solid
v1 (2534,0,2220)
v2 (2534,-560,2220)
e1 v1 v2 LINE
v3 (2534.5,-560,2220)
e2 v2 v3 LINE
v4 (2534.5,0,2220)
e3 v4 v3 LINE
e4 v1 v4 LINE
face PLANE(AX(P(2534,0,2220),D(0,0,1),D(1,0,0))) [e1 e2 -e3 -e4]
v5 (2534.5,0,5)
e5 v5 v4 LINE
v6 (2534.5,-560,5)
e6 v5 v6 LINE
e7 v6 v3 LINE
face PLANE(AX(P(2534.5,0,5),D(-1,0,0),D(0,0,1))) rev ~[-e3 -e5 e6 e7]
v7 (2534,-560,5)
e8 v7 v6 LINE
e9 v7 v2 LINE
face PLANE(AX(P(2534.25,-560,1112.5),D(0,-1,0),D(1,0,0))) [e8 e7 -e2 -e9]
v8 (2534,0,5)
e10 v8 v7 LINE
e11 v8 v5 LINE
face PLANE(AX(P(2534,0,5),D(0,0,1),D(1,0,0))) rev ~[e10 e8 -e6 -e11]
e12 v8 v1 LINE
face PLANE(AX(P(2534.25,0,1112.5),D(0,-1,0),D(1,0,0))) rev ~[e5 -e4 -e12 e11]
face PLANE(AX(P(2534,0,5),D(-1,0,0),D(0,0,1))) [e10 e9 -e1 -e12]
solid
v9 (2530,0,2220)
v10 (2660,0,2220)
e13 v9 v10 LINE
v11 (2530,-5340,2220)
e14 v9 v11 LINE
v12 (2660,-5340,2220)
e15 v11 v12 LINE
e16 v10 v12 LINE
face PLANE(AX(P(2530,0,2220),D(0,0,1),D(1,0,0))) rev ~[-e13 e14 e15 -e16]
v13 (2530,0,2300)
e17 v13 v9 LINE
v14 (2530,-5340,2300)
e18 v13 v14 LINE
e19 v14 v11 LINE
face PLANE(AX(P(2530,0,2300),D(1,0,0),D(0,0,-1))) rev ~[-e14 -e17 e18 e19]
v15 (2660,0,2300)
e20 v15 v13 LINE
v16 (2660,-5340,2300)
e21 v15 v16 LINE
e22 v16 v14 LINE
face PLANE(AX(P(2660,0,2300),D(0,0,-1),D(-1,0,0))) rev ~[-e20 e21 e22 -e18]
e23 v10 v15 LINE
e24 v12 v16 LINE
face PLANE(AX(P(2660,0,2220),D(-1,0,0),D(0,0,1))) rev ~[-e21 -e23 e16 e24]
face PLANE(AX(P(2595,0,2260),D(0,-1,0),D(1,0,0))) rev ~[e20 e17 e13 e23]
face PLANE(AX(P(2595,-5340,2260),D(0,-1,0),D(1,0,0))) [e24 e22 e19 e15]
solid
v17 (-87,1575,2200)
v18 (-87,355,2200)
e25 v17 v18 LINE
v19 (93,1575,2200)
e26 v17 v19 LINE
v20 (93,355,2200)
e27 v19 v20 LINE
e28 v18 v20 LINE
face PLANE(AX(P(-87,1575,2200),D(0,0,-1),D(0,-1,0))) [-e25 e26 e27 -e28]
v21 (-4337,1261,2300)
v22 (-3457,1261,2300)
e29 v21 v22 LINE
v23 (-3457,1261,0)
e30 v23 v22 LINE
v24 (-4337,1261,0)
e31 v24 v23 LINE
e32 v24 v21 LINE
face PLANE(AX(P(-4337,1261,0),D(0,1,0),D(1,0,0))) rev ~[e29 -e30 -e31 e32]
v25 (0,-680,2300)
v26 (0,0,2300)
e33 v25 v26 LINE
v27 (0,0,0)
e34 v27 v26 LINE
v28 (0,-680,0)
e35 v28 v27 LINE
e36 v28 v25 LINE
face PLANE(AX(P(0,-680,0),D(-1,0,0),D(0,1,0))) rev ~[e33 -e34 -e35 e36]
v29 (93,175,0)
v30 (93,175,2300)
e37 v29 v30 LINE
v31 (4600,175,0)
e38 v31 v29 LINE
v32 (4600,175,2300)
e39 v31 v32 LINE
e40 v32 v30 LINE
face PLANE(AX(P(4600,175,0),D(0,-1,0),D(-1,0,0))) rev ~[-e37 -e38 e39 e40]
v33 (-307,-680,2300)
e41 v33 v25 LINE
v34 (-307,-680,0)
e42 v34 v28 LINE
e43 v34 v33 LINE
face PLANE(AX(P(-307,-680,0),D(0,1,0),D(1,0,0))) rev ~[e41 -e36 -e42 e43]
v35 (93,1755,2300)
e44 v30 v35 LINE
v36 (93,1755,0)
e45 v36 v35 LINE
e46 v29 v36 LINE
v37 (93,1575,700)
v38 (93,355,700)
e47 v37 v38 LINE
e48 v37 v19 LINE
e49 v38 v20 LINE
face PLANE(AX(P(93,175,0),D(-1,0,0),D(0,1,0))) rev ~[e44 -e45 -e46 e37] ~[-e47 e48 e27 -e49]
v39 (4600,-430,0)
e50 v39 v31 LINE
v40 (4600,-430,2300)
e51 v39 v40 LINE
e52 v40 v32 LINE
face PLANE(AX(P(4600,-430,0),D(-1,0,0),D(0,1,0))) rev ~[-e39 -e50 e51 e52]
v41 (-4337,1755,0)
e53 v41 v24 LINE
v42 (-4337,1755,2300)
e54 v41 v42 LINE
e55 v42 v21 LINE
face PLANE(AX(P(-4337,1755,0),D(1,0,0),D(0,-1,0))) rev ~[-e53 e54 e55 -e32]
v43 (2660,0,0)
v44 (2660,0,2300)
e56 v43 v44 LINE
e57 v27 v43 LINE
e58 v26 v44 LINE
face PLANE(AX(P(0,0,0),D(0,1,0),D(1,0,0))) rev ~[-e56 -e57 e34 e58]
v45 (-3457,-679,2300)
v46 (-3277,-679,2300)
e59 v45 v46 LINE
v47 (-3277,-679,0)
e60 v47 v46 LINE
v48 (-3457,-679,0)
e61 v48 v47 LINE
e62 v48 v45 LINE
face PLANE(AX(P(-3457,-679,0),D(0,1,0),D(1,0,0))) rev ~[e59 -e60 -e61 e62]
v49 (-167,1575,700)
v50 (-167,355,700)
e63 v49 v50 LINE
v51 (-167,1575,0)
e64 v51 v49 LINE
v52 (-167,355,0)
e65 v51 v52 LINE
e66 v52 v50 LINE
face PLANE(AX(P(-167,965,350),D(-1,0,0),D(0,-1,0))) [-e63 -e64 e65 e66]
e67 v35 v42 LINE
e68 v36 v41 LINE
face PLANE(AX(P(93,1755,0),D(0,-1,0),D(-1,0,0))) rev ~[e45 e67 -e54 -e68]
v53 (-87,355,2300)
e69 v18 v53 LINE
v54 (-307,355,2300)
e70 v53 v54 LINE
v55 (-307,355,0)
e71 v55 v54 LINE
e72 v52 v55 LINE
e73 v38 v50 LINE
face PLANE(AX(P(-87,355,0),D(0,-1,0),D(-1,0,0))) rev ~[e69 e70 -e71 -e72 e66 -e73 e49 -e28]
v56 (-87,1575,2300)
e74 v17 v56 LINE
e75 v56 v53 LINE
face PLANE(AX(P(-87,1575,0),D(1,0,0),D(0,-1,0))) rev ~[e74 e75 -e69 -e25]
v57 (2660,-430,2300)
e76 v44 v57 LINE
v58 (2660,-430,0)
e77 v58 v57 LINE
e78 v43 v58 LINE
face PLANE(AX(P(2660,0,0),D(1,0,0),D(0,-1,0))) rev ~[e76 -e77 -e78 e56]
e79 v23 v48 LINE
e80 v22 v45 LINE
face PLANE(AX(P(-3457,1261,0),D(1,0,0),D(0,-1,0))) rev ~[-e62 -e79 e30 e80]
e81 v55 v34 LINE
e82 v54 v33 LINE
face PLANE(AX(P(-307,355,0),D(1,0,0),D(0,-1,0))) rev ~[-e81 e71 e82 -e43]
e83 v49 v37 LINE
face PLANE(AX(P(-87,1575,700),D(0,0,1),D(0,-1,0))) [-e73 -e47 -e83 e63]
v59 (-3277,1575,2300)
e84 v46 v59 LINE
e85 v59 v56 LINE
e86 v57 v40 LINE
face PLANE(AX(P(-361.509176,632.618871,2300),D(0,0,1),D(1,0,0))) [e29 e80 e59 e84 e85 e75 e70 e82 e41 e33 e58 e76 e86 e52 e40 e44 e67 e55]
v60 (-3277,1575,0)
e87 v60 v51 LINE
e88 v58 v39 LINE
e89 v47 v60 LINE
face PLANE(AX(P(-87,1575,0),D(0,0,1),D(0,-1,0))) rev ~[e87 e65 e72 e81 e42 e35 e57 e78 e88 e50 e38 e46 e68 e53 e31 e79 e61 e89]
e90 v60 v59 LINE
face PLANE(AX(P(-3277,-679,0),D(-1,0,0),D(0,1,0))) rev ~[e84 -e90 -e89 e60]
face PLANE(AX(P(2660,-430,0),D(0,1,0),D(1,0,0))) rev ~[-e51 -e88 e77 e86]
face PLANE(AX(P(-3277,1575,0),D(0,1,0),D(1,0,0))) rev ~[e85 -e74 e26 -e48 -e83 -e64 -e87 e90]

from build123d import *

# Parameters (mm, degrees)
F1_DEPTH = 2300
F2_W     = 1220
F2_H     = 700
F3_DEPTH = 80
F2_H_2   = 1500
F4_DEPTH = 4687.001
F6_DEPTH = 5340
F5_W     = 0.5
F5_H     = 2215
F7_DEPTH = 560


with BuildPart() as f1:
    # F0 (on Top) → F1 (new body)
    with BuildSketch(Plane.XY):
        Polygon((-87, 355), (-307, 355), (-307, -680), (0, -680), (0, 0), (2660, 0), (2660, -430), (4600, -430), (4600, 175), (93, 175), (93, 1755), (-4337, 1755), (-4337, 1261), (-3457, 1261), (-3457, -679), (-3277, -679), (-3277, 1575), (-87, 1575), align=None)
    extrude(amount=F1_DEPTH)

    # F2 (on face) → F3 (join)
    with BuildSketch(Plane(origin=(-87, 0, 0), x_dir=(0, -1, 0), z_dir=(-1, 0, 0))):
        with Locations((-965, 350)):
            Rectangle(F2_W, F2_H)
    extrude(amount=F3_DEPTH)

    # F2 (on face) → F4 (cut, through all)
    with BuildSketch(Plane(origin=(-87, 0, 0), x_dir=(0, -1, 0), z_dir=(-1, 0, 0))):
        with Locations((-965, 1450)):
            Rectangle(F2_W, F2_H_2)
    extrude(amount=-F4_DEPTH, mode=Mode.SUBTRACT)


with BuildPart() as f6:
    # F5 (on face) → F6 (new body)
    with BuildSketch(Plane.XZ):
        Polygon((2660, 2220), (2660, 2300), (2530, 2300), (2530, 2220), (2534, 2220), (2534.5, 2220), align=None)
    extrude(amount=F6_DEPTH)


with BuildPart() as f7:
    # F5 (on face) → F7 (new body)
    with BuildSketch(Plane.XZ):
        with Locations((2534.25, 1112.5)):
            Rectangle(F5_W, F5_H)
    extrude(amount=F7_DEPTH)


solid = Compound([f1.part, f6.part, f7.part])
